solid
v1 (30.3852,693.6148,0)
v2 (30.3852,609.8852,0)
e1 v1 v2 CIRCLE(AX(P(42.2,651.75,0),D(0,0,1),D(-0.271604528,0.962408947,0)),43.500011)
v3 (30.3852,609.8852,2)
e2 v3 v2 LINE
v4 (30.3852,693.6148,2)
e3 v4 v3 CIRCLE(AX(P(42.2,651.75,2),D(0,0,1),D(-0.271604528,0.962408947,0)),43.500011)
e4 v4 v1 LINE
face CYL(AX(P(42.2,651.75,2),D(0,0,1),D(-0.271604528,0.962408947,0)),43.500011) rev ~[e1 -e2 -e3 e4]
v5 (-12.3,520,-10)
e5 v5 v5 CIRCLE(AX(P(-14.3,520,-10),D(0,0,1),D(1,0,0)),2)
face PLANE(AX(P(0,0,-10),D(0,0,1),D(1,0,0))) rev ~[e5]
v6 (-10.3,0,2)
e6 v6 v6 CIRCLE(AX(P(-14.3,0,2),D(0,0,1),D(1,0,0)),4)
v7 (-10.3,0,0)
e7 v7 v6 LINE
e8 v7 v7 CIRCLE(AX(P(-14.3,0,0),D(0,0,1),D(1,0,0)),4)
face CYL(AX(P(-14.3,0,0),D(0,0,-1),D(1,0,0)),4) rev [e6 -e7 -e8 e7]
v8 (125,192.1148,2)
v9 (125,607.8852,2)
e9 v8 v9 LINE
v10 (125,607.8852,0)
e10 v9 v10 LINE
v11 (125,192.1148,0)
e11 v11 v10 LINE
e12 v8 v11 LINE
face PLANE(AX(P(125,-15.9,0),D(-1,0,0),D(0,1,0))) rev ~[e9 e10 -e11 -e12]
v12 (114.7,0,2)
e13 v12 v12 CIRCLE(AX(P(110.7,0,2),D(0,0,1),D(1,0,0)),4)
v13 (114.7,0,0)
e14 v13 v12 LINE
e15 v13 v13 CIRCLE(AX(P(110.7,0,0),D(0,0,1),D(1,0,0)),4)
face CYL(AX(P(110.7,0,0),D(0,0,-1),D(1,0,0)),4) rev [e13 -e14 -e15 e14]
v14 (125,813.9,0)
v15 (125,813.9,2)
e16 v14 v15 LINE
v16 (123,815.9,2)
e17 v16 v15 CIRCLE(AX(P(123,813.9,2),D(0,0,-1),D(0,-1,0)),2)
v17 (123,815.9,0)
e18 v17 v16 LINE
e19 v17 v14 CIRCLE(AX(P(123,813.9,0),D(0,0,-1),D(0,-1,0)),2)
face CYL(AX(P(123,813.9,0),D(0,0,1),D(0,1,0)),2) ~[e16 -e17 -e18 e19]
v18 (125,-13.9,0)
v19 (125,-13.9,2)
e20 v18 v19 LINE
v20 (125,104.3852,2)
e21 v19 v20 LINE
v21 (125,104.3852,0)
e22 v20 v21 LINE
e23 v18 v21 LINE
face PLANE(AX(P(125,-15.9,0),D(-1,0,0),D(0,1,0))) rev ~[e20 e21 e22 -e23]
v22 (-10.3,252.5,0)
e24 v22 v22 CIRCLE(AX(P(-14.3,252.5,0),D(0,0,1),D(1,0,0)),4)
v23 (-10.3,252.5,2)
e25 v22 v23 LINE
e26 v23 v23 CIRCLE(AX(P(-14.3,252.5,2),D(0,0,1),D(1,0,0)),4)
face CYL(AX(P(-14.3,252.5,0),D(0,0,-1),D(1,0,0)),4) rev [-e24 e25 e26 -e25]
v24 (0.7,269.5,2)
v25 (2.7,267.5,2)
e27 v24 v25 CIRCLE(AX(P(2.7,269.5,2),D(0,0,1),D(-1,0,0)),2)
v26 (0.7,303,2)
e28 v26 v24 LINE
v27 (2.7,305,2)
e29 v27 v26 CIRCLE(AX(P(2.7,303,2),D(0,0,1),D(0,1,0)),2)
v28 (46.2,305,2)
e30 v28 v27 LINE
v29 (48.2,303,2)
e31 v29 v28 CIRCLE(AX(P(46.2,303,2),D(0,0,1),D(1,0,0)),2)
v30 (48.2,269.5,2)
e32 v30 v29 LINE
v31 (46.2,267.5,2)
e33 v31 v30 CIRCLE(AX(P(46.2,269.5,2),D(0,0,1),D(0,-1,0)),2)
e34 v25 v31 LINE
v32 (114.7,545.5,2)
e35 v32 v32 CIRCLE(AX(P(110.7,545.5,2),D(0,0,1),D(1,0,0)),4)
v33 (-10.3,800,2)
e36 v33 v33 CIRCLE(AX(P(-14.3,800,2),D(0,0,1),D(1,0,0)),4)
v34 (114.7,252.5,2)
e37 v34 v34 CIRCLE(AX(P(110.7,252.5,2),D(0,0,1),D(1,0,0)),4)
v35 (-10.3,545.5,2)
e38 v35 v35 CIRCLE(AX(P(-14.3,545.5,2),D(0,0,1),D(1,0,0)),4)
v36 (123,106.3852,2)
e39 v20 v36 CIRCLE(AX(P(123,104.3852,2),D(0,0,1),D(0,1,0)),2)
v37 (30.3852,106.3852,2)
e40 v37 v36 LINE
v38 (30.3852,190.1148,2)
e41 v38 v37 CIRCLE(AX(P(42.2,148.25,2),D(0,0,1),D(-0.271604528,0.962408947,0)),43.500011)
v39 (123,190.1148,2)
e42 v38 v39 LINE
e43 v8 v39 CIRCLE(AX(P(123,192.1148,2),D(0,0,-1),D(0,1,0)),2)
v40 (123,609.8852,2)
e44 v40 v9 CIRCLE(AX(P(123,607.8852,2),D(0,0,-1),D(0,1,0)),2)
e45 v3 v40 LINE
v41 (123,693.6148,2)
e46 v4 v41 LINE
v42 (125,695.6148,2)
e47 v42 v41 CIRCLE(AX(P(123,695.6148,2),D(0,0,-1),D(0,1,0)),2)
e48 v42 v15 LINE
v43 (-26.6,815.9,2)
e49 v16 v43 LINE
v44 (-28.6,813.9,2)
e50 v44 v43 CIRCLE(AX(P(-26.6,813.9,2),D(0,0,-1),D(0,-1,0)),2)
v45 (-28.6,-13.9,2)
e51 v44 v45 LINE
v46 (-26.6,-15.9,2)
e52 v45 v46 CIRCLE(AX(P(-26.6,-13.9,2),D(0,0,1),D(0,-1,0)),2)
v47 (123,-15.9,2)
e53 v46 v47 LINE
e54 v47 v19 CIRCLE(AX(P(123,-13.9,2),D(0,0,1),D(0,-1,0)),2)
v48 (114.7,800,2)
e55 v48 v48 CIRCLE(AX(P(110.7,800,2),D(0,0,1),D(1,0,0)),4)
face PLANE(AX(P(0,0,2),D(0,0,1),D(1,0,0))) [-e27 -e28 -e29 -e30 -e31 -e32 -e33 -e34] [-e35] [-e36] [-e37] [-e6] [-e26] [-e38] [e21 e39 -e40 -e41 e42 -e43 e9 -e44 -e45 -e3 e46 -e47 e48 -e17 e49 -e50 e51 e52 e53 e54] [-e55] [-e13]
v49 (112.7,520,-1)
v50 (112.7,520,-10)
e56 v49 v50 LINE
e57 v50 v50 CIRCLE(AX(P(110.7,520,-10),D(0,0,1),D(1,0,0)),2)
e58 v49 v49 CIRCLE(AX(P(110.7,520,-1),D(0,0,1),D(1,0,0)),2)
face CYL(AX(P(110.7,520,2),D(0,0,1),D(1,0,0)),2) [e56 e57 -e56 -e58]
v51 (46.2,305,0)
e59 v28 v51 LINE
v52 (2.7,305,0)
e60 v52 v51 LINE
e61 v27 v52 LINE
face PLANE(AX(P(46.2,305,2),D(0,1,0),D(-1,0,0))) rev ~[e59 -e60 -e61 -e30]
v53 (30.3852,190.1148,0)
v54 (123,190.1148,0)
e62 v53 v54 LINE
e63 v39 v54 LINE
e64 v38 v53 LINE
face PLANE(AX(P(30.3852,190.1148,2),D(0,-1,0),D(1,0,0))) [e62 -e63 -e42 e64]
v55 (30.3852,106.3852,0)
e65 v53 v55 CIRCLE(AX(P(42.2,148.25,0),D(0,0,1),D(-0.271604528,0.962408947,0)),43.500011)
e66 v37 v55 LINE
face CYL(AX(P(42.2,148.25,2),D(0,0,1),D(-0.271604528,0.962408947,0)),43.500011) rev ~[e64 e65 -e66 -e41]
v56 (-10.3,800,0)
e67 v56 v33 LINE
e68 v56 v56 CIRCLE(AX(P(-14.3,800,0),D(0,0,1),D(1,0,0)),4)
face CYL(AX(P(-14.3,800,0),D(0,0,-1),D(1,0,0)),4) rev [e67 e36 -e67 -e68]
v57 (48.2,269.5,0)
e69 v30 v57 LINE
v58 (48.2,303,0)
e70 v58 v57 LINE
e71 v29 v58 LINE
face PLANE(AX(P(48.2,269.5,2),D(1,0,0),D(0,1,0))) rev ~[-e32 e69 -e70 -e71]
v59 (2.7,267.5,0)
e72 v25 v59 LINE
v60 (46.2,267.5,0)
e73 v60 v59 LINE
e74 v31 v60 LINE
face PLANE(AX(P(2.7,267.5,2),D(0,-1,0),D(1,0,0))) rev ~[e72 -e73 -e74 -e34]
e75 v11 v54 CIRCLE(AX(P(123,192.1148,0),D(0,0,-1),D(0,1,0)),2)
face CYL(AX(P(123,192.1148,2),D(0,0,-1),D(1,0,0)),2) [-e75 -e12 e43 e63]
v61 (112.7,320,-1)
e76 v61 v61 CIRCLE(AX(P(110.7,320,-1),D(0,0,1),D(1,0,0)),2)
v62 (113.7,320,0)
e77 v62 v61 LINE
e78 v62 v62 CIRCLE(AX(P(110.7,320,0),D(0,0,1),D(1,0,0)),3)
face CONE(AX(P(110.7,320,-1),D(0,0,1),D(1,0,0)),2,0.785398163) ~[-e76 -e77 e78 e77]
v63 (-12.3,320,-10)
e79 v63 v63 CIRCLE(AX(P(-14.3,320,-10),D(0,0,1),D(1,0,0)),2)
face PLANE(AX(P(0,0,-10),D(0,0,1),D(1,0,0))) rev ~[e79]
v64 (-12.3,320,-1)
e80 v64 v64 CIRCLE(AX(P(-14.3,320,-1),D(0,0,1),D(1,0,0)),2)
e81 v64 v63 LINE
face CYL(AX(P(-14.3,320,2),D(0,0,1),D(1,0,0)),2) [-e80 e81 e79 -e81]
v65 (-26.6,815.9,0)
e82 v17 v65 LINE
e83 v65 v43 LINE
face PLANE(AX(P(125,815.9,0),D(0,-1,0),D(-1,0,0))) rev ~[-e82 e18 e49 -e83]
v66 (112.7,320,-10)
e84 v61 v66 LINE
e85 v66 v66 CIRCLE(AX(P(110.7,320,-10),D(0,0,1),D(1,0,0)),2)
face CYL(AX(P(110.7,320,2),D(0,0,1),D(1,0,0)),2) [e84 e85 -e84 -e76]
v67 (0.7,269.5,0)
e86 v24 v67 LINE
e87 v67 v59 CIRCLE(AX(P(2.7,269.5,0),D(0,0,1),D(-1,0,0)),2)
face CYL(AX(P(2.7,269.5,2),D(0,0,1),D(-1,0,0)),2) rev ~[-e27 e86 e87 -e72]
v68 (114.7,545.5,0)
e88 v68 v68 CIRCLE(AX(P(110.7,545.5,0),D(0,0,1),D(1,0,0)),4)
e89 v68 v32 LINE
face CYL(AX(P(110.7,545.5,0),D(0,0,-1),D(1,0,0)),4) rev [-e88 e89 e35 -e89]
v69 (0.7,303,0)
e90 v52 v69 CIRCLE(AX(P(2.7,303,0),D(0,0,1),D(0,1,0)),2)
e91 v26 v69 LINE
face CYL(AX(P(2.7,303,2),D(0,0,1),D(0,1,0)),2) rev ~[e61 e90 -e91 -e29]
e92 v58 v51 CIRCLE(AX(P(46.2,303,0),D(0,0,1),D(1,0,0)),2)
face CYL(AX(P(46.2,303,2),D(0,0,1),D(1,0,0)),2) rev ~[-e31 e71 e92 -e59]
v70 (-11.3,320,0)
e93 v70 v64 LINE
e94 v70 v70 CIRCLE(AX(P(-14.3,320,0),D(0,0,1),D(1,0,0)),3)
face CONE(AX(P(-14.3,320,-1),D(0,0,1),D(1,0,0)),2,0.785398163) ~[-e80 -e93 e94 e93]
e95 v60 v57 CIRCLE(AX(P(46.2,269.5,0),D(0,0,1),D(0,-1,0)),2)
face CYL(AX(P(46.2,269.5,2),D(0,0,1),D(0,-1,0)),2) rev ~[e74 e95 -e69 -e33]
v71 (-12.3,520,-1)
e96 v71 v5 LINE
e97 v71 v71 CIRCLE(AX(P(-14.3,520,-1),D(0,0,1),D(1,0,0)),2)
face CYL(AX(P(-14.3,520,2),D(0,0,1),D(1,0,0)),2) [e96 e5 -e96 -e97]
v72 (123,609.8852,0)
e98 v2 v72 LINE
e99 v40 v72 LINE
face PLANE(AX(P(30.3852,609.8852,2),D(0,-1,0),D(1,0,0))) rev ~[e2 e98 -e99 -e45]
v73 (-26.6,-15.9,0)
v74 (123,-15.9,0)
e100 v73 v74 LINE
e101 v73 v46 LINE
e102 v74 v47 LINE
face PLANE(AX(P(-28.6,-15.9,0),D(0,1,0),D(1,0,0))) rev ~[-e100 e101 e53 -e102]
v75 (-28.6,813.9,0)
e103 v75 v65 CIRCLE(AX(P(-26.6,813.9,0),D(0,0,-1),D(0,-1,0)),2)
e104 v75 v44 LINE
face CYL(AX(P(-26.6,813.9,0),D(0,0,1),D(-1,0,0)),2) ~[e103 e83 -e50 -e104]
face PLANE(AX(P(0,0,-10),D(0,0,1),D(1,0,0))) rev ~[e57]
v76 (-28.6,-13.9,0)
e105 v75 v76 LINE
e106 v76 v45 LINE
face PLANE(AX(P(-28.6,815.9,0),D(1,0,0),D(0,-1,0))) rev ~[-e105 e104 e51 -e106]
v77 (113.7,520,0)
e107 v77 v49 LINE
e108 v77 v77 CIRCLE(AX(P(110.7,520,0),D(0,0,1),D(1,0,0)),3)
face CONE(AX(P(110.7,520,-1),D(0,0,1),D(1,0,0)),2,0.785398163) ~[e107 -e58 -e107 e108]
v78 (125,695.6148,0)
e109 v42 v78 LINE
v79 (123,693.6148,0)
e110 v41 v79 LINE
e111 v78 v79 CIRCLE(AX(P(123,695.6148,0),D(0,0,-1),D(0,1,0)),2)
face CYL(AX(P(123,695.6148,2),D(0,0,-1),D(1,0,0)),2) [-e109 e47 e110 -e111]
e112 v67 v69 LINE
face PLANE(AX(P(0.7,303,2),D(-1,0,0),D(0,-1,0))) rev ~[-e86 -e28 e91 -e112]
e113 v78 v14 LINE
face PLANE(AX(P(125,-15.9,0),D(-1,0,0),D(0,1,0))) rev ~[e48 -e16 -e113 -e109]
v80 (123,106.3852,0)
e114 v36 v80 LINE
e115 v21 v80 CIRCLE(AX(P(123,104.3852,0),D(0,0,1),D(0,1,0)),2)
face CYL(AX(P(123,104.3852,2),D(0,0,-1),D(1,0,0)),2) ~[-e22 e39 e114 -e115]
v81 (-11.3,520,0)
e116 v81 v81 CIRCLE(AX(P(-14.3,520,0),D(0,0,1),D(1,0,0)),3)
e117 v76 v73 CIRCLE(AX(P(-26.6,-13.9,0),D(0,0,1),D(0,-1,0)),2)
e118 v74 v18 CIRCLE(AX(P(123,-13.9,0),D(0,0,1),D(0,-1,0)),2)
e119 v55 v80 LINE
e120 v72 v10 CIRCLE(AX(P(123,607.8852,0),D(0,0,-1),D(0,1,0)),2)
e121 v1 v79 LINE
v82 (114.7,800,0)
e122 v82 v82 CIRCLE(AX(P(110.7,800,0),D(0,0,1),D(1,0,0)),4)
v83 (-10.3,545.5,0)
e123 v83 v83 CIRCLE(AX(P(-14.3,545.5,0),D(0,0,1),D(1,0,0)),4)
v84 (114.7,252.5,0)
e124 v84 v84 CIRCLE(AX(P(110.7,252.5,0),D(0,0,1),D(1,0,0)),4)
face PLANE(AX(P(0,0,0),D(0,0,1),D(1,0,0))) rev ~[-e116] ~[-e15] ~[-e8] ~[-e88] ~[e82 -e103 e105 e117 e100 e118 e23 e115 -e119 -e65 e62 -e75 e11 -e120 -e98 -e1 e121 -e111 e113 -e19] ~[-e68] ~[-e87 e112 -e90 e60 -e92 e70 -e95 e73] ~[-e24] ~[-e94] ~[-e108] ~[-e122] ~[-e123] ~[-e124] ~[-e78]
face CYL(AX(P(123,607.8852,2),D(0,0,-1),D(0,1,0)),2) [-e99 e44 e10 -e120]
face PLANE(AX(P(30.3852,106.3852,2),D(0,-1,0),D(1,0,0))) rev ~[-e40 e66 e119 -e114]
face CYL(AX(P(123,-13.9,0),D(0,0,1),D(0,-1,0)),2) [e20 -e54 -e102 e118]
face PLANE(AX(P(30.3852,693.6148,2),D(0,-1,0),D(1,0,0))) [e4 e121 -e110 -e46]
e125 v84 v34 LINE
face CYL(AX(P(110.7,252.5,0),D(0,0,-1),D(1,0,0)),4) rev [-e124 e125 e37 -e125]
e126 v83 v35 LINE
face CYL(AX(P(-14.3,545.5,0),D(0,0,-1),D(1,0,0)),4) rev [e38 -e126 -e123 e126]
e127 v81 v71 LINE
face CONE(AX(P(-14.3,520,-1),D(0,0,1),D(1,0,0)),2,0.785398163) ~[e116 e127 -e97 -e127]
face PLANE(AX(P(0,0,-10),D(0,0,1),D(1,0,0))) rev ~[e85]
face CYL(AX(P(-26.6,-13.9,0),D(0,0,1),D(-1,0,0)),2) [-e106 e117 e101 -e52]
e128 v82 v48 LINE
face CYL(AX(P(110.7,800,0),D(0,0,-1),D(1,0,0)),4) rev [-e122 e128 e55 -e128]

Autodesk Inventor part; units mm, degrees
ref_plane "YZ Plane" through (0, 0, 0) normal (1, 0, 0) x (0, 1, 0)
ref_plane "XZ Plane" through (0, 0, 0) normal (0, 1, 0) x (-1, 0, 0)
ref_plane "XY Plane" through (0, 0, 0) normal (0, 0, 1) x (1, 0, 0)
sketch "Sketch1" plane through (0, 0, 0) normal (0, 0, 1) x (1, 0, 0)
  line L0 (-28.6, -15.9) -> (0, -15.9) construction
  line L1 (-28.6, 817.5) -> (-28.6, -17.5) construction
  line L2 (125, 817.5) -> (125, -17.5) construction
  line L3 (96.4, -15.9) -> (125, -15.9) construction
  line L4 (-28.6, 815.9) -> (0, 815.9) construction
  line L5 (96.4, 815.9) -> (125, 815.9) construction
  circle A0 centre (-14.3, 0) radius 2 construction
  circle A1 centre (110.7, 0) radius 2 construction
  circle A2 centre (-14.3, 252.5) radius 2 construction
  circle A3 centre (110.7, 252.5) radius 2 construction
  circle A4 centre (-14.3, 545.5) radius 2 construction
  circle A5 centre (110.7, 545.5) radius 2 construction
  circle A6 centre (-14.3, 800) radius 2 construction
  circle A7 centre (110.7, 800) radius 2 construction
  line L6 (-28.6, -15.9) -> (125, -15.9)
  line L7 (125, -15.9) -> (125, 815.9)
  line L8 (125, 815.9) -> (-28.6, 815.9)
  line L9 (-28.6, 815.9) -> (-28.6, -15.9)
  circle A8 centre (-14.3, 0) radius 4
  circle A9 centre (110.7, 0) radius 4
  circle A10 centre (-14.3, 252.5) radius 4
  circle A11 centre (110.7, 252.5) radius 4
  circle A12 centre (-14.3, 545.5) radius 4
  circle A13 centre (110.7, 545.5) radius 4
  circle A14 centre (-14.3, 800) radius 4
  circle A15 centre (110.7, 800) radius 4
  point P0 (0, 0)
  dimension "d0" = 2
  dimension "d1" = 2
  dimension "d2" = 2
  dimension "d3" = 2
  dimension "d4" = 2
  dimension "d5" = 2
  dimension "d6" = 2
  dimension "d7" = 2
extrude "Extrusion1" add sketch "Sketch1" along normal blind 2
sketch "Sketch2" plane through (0, 0, 2) normal (0, 0, 1) x (1, 0, 0)
  arc A0 (81.2, 144.25) -> (81.2, 152.25) centre (81.2, 148.25) ccw construction
  arc A1 (79.0077, 648.4043) -> (79.0077, 655.0957) centre (81.2, 651.75) ccw construction
  arc A2 (33.1012, 180.4907) -> (33.1012, 116.0093) centre (42.2, 148.25) ccw construction
  arc A3 (33.1012, 683.9907) -> (33.1012, 619.5093) centre (42.2, 651.75) ccw construction
  arc A4 (30.3852, 190.1148) -> (30.3852, 106.3852) centre (42.2, 148.25) ccw
  arc A5 (30.3852, 693.6148) -> (30.3852, 609.8852) centre (42.2, 651.75) ccw
  line L0 (125, -15.9) -> (125, 815.9) construction
  line L1 (30.3852, 106.3852) -> (125, 106.3852)
  line L2 (30.3852, 190.1148) -> (125, 190.1148)
  line L3 (30.3852, 609.8852) -> (125, 609.8852)
  line L4 (30.3852, 693.6148) -> (125, 693.6148)
  line L5 (125, 106.3852) -> (125, 190.1148)
  line L6 (125, 609.8852) -> (125, 693.6148)
  point P0 (0, 0)
  dimension "d10" = 10
  dimension "d11" = 10
  dimension "d16" = 83.7296
  dimension "d17" = 83.7296
  dimension "d18" = 41.8648
  dimension "d19" = 41.8648
extrude "Extrusion2" cut sketch "Sketch2" against normal blind 2
fillet "Fillet1" radius 2 8 edges at (-28.6, -15.9, 1) (125, -15.9, 1) (-28.6, 815.9, 1) (125, 815.9, 1) (125, 693.6148, 1) (125, 609.8852, 1) (125, 106.3852, 1) (125, 190.1148, 1)
sketch "Sketch3" plane through (0, 0, 2) normal (0, 0, 1) x (1, 0, 0)
  arc A0 (123, 190.1148) -> (125, 192.1148) centre (123, 192.1148) ccw construction
  line L0 (125, 192.1148) -> (125, 607.8852) construction
  arc A1 (125, 607.8852) -> (123, 609.8852) centre (123, 607.8852) ccw construction
  line L1 (123, 609.8852) -> (30.3852, 609.8852) construction
  arc A2 (30.3852, 693.6148) -> (30.3852, 609.8852) centre (42.2, 651.75) ccw construction
  line L2 (30.3852, 693.6148) -> (123, 693.6148) construction
  arc A3 (123, 693.6148) -> (125, 695.6148) centre (123, 695.6148) ccw construction
  line L3 (125, 695.6148) -> (125, 813.9) construction
  arc A4 (125, 813.9) -> (123, 815.9) centre (123, 813.9) ccw construction
  line L4 (123, 815.9) -> (-26.6, 815.9) construction
  arc A5 (-26.6, 815.9) -> (-28.6, 813.9) centre (-26.6, 813.9) ccw construction
  line L5 (-28.6, 813.9) -> (-28.6, -13.9) construction
  arc A6 (-28.6, -13.9) -> (-26.6, -15.9) centre (-26.6, -13.9) ccw construction
  line L6 (-26.6, -15.9) -> (123, -15.9) construction
  arc A7 (123, -15.9) -> (125, -13.9) centre (123, -13.9) ccw construction
  line L7 (125, -13.9) -> (125, 104.3852) construction
  arc A8 (125, 104.3852) -> (123, 106.3852) centre (123, 104.3852) ccw construction
  line L8 (123, 106.3852) -> (30.3852, 106.3852) construction
  arc A9 (30.3852, 190.1148) -> (30.3852, 106.3852) centre (42.2, 148.25) ccw construction
  line L9 (30.3852, 190.1148) -> (123, 190.1148) construction
  circle A10 centre (110.7, 800) radius 4 construction
  circle A11 centre (-14.3, 800) radius 4 construction
  circle A12 centre (110.7, 545.5) radius 4 construction
  circle A13 centre (-14.3, 545.5) radius 4 construction
  circle A14 centre (110.7, 252.5) radius 4 construction
  circle A15 centre (-14.3, 252.5) radius 4 construction
  circle A16 centre (110.7, 0) radius 4 construction
  circle A17 centre (-14.3, 0) radius 4 construction
  line L10 (-28.6, 813.9) -> (-28.6, -13.9) construction
  line L11 (-28.6, 400) -> (125, 400) construction
  line L12 (-28.6, 520) -> (125, 520) construction
  circle A18 centre (-14.3, 545.5) radius 4 construction
  line L13 (-28.6, 320) -> (125, 320) construction
  line L14 (-14.3, 545.5) -> (-14.3, 320) construction
  line L15 (110.7, 545.5) -> (110.7, 320) construction
  circle A19 centre (-14.3, 520) radius 2
  circle A20 centre (-14.3, 320) radius 2
  circle A21 centre (110.7, 320) radius 2
  circle A22 centre (110.7, 520) radius 2
  point P0 (0, 0)
  dimension "d24" = 120
  dimension "d25" = 200
  dimension "d26" = 4
  dimension "d27" = 4
  dimension "d28" = 4
  dimension "d29" = 4
sketch "Sketch4" plane through (0, 0, 2) normal (0, 0, 1) x (1, 0, 0)
  arc A0 (123, 190.1148) -> (125, 192.1148) centre (123, 192.1148) ccw construction
  line L0 (125, 192.1148) -> (125, 607.8852) construction
  arc A1 (125, 607.8852) -> (123, 609.8852) centre (123, 607.8852) ccw construction
  line L1 (123, 609.8852) -> (30.3852, 609.8852) construction
  arc A2 (30.3852, 693.6148) -> (30.3852, 609.8852) centre (42.2, 651.75) ccw construction
  line L2 (30.3852, 693.6148) -> (123, 693.6148) construction
  arc A3 (123, 693.6148) -> (125, 695.6148) centre (123, 695.6148) ccw construction
  line L3 (125, 695.6148) -> (125, 813.9) construction
  arc A4 (125, 813.9) -> (123, 815.9) centre (123, 813.9) ccw construction
  line L4 (123, 815.9) -> (-26.6, 815.9) construction
  arc A5 (-26.6, 815.9) -> (-28.6, 813.9) centre (-26.6, 813.9) ccw construction
  line L5 (-28.6, 813.9) -> (-28.6, -13.9) construction
  arc A6 (-28.6, -13.9) -> (-26.6, -15.9) centre (-26.6, -13.9) ccw construction
  line L6 (-26.6, -15.9) -> (123, -15.9) construction
  arc A7 (123, -15.9) -> (125, -13.9) centre (123, -13.9) ccw construction
  line L7 (125, -13.9) -> (125, 104.3852) construction
  arc A8 (125, 104.3852) -> (123, 106.3852) centre (123, 104.3852) ccw construction
  line L8 (123, 106.3852) -> (30.3852, 106.3852) construction
  arc A9 (30.3852, 190.1148) -> (30.3852, 106.3852) centre (42.2, 148.25) ccw construction
  line L9 (30.3852, 190.1148) -> (123, 190.1148) construction
  circle A10 centre (110.7, 800) radius 4 construction
  circle A11 centre (-14.3, 800) radius 4 construction
  circle A12 centre (110.7, 545.5) radius 4 construction
  circle A13 centre (-14.3, 545.5) radius 4 construction
  circle A14 centre (110.7, 252.5) radius 4 construction
  circle A15 centre (-14.3, 252.5) radius 4 construction
  circle A16 centre (110.7, 0) radius 4 construction
  circle A17 centre (-14.3, 0) radius 4 construction
  circle A18 centre (-14.3, 320) radius 2 construction
  circle A19 centre (110.7, 252.5) radius 4 construction
  line L10 (110.7, 252.5) -> (-14.3, 252.5) construction
  line L11 (-14.3, 252.5) -> (-14.3, 320) construction
  line L12 (-14.3, 320) -> (110.7, 320) construction
  line L13 (110.7, 320) -> (110.7, 252.5) construction
  line L14 (48.2, 252.5) -> (48.2, 320) construction
  line L15 (0.7, 267.5) -> (95.7, 267.5) construction
  line L16 (95.7, 267.5) -> (95.7, 305) construction
  line L17 (95.7, 305) -> (0.7, 305) construction
  line L18 (0.7, 305) -> (0.7, 267.5) construction
  line L19 (2.7, 267.5) -> (46.2, 267.5)
  line L20 (48.2, 269.5) -> (48.2, 303)
  line L21 (46.2, 305) -> (2.7, 305)
  line L22 (0.7, 303) -> (0.7, 269.5)
  arc A20 (0.7, 269.5) -> (2.7, 267.5) centre (2.7, 269.5) ccw
  arc A21 (2.7, 305) -> (0.7, 303) centre (2.7, 303) ccw
  arc A22 (46.2, 267.5) -> (48.2, 269.5) centre (46.2, 269.5) ccw
  arc A23 (48.2, 303) -> (46.2, 305) centre (46.2, 303) ccw
  point P0 (0, 0)
  point P1 (48.2, 305)
  dimension "d43" = 15
  dimension "d44" = 2
  dimension "d45" = 2
  dimension "d46" = 2
  dimension "d47" = 2
extrude "Extrusion4" cut sketch "Sketch4" against normal up to next
extrude "Extrusion5" add sketch "Sketch3" against normal blind 12
chamfer "Chamfer2" distance 1 angle 45 1 edges at (-16.3, 320, 0)
chamfer "Chamfer3" distance 1 angle 45 1 edges at (108.7, 320, 0)
chamfer "Chamfer4" distance 1 angle 45 1 edges at (108.7, 520, 0)
chamfer "Chamfer5" distance 1 angle 45 1 edges at (-16.3, 520, 0)
thread "Thread5" size "M4x0.7" class "6g" standard "ANSI Metric M Profile" full length
thread "Thread6" size "M4x0.7" class "6g" standard "ANSI Metric M Profile" full length
thread "Thread7" size "M4x0.7" class "6g" standard "ANSI Metric M Profile" full length
thread "Thread8" size "M4x0.7" class "6g" standard "ANSI Metric M Profile" full length
properties part number "Cover_Right"
